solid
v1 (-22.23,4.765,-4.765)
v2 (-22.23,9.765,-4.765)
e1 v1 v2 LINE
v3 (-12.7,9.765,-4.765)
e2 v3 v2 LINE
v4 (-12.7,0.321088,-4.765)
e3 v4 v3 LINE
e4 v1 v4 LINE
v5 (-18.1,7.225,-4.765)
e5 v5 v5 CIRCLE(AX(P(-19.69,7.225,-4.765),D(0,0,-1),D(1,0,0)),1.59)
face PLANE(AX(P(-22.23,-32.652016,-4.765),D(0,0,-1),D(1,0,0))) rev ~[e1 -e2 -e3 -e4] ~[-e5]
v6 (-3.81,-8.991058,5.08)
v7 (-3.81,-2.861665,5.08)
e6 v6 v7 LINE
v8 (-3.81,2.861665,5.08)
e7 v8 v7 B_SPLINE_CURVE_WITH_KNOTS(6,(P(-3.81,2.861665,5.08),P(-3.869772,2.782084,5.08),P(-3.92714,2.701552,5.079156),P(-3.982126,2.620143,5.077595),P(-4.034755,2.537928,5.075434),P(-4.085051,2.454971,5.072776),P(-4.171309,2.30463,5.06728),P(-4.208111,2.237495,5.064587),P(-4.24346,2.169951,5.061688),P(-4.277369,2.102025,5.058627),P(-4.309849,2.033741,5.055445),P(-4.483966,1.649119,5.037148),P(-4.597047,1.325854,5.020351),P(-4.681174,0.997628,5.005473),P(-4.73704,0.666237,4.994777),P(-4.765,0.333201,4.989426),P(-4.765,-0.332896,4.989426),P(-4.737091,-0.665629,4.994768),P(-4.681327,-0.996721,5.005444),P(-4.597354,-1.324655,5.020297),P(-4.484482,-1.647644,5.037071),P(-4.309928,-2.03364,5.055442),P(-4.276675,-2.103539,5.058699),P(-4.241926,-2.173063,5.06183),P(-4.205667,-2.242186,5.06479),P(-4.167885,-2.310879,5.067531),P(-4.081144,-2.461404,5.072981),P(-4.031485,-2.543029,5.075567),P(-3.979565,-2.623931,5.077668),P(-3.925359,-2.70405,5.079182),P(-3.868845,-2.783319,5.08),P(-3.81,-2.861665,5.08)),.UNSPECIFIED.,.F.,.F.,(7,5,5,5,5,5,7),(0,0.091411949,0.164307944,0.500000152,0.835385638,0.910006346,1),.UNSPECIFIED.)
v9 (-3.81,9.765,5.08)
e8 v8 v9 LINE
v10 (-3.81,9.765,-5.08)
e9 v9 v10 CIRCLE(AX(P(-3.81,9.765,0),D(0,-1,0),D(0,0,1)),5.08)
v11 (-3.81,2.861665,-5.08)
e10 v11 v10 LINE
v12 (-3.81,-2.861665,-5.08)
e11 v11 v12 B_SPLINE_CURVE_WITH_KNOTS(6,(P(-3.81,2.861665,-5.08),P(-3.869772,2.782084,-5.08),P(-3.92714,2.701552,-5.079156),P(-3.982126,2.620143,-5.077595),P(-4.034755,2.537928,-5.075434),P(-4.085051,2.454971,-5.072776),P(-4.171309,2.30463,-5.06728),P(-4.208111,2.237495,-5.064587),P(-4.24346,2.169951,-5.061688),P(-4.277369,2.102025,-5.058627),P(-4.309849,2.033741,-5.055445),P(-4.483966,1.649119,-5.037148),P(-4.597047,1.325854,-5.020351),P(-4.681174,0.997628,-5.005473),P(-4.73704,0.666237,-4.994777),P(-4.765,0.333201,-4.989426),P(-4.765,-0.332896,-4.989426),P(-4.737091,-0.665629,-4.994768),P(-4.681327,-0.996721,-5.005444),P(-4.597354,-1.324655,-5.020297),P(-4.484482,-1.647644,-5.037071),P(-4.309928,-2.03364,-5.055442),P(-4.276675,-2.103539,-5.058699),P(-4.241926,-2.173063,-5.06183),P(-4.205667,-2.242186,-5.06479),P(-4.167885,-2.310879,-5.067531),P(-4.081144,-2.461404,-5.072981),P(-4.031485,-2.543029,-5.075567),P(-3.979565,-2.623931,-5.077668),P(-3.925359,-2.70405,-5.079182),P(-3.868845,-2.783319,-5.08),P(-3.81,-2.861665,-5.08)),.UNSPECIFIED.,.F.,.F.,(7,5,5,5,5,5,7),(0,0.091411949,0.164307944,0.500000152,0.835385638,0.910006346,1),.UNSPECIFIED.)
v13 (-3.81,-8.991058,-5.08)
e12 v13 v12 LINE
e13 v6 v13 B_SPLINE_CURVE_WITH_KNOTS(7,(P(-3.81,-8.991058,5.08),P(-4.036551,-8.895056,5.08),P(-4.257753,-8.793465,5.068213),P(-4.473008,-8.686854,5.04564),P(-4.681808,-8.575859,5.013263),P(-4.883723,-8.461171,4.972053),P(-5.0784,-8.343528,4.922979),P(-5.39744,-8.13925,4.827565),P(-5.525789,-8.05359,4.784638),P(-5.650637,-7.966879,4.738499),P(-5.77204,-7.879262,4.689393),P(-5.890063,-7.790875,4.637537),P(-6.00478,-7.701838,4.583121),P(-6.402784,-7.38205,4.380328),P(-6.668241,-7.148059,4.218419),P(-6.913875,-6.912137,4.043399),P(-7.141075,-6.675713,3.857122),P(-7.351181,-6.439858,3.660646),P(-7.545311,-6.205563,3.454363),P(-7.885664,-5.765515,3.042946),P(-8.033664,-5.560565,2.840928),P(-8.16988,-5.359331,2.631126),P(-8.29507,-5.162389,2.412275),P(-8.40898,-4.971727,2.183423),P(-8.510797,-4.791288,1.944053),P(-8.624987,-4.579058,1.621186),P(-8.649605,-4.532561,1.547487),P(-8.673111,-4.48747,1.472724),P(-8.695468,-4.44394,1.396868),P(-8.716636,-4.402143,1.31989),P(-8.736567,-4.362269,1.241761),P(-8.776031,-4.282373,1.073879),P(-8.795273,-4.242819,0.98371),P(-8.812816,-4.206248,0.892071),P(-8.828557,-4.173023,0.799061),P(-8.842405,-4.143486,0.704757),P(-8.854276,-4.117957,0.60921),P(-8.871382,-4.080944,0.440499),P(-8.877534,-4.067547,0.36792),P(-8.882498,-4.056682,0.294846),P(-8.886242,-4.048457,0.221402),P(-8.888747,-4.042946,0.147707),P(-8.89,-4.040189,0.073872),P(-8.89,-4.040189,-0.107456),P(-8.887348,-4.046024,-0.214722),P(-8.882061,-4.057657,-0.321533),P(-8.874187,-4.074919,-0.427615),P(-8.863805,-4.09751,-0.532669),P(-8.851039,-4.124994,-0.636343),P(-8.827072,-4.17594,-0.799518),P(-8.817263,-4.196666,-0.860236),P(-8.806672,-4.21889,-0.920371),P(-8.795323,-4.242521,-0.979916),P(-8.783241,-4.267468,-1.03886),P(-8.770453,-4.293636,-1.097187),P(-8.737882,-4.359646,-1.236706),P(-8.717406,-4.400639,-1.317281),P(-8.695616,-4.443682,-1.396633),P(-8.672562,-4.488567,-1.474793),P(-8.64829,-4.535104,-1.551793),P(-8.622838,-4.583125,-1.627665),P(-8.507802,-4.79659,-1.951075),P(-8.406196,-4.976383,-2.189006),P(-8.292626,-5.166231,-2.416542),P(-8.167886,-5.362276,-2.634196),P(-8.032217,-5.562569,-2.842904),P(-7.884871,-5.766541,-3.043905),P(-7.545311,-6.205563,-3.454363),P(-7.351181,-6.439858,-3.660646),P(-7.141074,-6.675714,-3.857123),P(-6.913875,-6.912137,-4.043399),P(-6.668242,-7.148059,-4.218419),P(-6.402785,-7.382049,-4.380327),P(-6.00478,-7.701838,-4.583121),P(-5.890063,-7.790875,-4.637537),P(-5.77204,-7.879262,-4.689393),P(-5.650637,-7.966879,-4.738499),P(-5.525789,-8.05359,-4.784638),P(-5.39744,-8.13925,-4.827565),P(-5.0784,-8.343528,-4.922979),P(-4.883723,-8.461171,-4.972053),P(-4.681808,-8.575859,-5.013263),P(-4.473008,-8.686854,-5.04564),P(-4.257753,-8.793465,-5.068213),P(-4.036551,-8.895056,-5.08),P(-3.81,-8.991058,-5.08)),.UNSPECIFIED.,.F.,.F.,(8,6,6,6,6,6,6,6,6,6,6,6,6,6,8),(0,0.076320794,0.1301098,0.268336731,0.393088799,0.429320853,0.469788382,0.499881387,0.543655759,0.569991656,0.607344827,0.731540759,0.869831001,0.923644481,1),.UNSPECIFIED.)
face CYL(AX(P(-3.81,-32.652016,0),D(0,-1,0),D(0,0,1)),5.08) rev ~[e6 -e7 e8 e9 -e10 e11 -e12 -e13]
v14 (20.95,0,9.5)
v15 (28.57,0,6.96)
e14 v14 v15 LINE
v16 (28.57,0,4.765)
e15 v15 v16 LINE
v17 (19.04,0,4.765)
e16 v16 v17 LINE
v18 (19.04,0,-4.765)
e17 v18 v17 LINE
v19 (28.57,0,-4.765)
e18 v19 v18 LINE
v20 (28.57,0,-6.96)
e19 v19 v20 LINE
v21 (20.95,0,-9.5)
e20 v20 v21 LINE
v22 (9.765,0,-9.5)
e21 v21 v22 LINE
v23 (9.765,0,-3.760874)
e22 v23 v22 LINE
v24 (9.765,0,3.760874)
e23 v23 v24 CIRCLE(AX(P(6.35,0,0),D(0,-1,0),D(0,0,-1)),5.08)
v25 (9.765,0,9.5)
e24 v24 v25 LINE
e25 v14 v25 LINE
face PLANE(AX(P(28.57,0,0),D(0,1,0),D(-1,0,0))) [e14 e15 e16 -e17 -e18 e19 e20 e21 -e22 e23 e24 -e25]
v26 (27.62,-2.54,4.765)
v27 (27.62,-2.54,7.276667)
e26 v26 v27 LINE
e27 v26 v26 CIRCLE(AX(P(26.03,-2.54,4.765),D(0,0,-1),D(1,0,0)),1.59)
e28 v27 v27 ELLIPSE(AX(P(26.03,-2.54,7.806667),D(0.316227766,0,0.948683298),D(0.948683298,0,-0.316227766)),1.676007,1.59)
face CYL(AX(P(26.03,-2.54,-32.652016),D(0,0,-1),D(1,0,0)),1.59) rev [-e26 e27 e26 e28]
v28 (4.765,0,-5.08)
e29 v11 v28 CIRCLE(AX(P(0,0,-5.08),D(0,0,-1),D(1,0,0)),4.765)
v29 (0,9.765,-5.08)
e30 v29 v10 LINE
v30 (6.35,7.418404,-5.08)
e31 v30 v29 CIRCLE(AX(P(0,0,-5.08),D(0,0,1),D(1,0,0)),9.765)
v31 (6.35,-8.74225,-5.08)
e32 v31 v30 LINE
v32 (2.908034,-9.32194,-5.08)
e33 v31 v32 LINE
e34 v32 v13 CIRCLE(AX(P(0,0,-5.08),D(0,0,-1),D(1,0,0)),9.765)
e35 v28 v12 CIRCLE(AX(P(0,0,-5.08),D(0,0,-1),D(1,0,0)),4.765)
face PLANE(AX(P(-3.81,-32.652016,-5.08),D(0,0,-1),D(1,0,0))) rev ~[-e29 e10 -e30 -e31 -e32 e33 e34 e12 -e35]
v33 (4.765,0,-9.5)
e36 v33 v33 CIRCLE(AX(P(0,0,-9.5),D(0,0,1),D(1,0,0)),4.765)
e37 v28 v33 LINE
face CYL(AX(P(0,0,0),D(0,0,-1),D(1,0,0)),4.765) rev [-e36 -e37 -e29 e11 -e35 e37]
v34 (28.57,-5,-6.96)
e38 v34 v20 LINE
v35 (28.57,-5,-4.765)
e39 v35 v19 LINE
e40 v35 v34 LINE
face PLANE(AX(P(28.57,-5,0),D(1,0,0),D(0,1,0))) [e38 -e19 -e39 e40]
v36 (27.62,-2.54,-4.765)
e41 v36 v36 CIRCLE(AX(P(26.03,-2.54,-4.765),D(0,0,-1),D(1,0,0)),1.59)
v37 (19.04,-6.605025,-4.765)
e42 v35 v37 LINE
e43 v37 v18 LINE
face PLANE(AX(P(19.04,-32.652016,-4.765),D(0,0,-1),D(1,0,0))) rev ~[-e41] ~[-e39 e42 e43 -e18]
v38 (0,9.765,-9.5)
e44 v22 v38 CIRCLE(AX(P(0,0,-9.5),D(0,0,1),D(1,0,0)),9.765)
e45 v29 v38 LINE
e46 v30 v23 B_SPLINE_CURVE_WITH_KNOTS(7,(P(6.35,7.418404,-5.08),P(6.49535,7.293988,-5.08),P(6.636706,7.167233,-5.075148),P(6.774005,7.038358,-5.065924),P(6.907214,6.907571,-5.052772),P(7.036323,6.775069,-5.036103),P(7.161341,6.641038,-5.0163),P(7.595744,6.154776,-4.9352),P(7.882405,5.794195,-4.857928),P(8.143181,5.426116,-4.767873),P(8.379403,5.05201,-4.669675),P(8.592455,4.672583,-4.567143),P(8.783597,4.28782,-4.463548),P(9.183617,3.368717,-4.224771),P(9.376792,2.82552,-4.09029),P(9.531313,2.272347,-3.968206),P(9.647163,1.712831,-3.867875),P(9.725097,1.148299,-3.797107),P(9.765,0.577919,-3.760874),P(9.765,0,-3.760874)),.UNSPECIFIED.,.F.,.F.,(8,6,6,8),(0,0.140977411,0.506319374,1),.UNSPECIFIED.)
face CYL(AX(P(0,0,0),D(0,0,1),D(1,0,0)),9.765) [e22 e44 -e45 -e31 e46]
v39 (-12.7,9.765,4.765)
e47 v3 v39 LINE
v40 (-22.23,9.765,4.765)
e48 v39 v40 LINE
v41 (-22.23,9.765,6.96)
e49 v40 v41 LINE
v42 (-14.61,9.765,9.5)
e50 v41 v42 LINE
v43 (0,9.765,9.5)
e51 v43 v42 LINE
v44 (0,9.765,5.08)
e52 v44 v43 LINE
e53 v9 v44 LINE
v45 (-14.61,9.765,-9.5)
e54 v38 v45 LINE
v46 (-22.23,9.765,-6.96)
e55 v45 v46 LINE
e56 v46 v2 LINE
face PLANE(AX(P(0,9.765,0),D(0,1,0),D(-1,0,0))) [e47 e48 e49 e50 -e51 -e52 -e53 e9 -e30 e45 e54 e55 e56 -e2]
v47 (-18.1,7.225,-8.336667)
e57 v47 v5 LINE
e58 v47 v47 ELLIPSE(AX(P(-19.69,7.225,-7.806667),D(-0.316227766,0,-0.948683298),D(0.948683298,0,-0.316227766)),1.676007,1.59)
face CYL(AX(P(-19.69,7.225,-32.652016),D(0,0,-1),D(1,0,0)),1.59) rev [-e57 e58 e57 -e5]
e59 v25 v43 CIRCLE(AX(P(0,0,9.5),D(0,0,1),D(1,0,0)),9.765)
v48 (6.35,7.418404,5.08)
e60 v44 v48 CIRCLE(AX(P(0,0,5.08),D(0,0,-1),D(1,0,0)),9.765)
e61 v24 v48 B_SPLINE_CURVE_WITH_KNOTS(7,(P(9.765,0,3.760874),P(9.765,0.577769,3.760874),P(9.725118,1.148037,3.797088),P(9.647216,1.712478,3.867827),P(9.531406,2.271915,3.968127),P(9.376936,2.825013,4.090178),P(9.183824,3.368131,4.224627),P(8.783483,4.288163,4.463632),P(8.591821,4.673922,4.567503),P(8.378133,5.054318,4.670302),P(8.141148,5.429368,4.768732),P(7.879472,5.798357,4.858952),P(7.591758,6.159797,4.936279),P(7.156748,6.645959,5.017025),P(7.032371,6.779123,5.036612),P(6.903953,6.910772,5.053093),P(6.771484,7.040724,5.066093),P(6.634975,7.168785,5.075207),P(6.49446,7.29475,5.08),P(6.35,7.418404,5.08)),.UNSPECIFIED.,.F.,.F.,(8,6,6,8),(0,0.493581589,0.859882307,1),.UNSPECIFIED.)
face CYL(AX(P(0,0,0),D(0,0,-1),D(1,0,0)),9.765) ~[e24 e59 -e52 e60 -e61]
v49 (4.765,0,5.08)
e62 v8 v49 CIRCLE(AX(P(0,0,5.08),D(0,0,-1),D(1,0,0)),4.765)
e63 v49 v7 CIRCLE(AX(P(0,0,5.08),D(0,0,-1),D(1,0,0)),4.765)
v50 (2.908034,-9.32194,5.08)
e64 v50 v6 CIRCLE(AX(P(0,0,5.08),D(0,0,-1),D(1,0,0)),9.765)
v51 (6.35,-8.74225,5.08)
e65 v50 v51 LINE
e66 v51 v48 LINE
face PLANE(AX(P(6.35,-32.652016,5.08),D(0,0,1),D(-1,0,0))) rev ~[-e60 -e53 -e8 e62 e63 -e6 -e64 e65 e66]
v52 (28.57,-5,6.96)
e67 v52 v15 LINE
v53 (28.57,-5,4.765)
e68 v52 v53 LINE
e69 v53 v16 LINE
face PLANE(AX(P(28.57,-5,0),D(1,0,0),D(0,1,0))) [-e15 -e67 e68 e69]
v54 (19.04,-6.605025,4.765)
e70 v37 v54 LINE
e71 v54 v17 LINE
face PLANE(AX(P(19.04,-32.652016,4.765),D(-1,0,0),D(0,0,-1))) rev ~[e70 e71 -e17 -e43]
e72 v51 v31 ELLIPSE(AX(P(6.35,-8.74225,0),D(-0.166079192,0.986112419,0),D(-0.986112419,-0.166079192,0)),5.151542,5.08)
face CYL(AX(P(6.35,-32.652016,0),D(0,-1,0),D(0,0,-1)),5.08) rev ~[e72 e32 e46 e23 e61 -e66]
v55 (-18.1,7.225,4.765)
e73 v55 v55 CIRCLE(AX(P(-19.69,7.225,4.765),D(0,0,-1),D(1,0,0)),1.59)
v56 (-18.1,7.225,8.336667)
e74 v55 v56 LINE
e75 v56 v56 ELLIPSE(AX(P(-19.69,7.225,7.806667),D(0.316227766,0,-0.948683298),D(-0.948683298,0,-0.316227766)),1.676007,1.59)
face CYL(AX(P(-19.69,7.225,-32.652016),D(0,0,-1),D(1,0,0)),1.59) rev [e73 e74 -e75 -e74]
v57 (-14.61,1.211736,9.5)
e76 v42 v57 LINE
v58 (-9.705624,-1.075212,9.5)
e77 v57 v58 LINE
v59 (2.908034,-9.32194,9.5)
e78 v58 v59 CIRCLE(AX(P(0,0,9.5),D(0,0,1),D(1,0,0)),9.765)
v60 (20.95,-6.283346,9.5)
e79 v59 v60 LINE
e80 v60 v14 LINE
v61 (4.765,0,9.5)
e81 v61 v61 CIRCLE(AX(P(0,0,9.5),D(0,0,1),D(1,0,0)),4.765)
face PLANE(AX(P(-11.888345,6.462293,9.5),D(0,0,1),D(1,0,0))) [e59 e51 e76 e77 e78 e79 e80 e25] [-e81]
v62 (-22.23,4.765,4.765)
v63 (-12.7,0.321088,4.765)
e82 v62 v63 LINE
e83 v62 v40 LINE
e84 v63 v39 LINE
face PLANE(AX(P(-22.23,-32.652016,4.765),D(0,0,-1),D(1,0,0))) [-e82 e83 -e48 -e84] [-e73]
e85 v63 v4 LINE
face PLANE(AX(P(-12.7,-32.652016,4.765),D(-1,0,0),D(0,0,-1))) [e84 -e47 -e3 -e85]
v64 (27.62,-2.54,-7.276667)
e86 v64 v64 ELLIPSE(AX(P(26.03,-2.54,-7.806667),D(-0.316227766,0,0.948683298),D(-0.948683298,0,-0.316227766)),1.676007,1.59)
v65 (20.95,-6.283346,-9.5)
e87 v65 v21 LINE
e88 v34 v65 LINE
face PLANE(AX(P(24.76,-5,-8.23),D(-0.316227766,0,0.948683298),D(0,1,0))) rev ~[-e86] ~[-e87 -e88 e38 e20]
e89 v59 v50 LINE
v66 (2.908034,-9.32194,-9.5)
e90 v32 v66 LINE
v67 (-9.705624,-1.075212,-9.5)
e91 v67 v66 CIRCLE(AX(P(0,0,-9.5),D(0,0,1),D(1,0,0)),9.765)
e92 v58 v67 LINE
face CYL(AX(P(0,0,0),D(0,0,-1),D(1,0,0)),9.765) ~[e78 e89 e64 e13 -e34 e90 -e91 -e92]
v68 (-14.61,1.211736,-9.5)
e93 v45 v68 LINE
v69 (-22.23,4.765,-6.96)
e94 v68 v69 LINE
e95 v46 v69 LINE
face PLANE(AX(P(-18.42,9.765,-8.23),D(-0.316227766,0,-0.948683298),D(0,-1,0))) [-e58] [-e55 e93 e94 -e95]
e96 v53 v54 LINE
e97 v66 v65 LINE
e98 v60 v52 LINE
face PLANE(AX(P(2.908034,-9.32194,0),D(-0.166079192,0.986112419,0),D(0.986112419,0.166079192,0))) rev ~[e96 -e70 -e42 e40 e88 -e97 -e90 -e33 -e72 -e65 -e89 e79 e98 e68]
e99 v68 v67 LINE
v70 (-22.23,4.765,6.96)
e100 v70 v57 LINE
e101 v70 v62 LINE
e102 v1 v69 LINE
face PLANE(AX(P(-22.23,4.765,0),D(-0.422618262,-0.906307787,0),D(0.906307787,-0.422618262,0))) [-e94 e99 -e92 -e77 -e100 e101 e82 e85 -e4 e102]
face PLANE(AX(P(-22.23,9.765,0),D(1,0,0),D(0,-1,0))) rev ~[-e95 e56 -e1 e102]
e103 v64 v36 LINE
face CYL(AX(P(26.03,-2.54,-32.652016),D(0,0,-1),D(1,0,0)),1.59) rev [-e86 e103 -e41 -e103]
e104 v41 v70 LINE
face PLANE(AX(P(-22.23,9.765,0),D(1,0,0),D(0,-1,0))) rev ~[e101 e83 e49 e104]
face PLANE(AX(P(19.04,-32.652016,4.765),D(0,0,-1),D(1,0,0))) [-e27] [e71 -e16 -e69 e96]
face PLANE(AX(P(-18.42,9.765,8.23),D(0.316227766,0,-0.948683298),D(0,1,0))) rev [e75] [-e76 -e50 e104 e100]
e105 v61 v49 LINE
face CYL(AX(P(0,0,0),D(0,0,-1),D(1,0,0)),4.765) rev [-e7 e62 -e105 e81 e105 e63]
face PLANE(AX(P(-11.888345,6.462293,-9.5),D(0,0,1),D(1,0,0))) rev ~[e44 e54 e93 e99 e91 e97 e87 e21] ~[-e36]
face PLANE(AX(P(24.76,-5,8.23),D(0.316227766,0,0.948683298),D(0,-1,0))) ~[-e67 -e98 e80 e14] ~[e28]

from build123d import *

# Parameters (mm, degrees)
SKETCH1_R               = 9.765
SKETCH1_R_2             = 4.765
BOSS_EXTRUDE1_DEPTH     = 9.5
CHAMFER1_SIZE           = 2.54
CHAMFER1_SIZE2          = 7.62
CHAMFER2_SIZE           = 7.62
CHAMFER2_SIZE2          = 2.54
CHAMFER3_SIZE           = 7.62
CHAMFER3_SIZE2          = 2.54
CHAMFER4_SIZE           = 2.54
CHAMFER4_SIZE2          = 7.62
CUT_EXTRUDE1_DEPTH      = 32.652016129
CUT_EXTRUDE1_DEPTH_BACK = 32.652016129
CUT_EXTRUDE2_DEPTH      = 32.652016189
CUT_EXTRUDE2_DEPTH_BACK = 32.652016189
SKETCH4_W               = 9.53
SKETCH4_H               = 9.53
CUT_EXTRUDE3_DEPTH      = 32.652016189
CUT_EXTRUDE3_DEPTH_BACK = 32.652016189
SKETCH5_R               = 1.59


with BuildPart() as part:
    # Sketch1 → Boss-Extrude1 (new, symmetric)
    # profile 1 of 3: a face of its own
    with BuildSketch(Plane.XY):
        with BuildLine():
            ThreePointArc((-9.705624325, -1.075212291), (-7.275117629, 6.513669357), (0, 9.765))
            Line((0, 9.765), (-22.23, 9.765))
            Line((-22.23, 9.765), (-22.23, 4.765))
            Line((-22.23, 4.765), (-9.705624325, -1.075212291))
        make_face()
    # profile 2 of 3: a face of its own
    with BuildSketch(Plane.XY):
        Circle(SKETCH1_R)
        Circle(SKETCH1_R_2, mode=Mode.SUBTRACT)
    # profile 3 of 3: a face of its own
    with BuildSketch(Plane.XY):
        with BuildLine():
            Line((28.57, 0), (9.765, 0))
            ThreePointArc((9.765, 0), (7.866135596, -5.786115777), (2.908034147, -9.321939841))
            Line((2.908034147, -9.321939841), (28.57, -5))
            Line((28.57, -5), (28.57, 0))
        make_face()
    extrude(amount=BOSS_EXTRUDE1_DEPTH, both=True)

    # Chamfer1
    chamfer1_edges = [part.edges().sort_by_distance(p)[0] for p in [
        (-22.23, 7.265, 9.5),
    ]]
    chamfer1_side = [part.faces().sort_by_distance(p)[0] for p in [
        (-22.23, 7.265, 0),
    ]]
    chamfer(chamfer1_edges, length=CHAMFER1_SIZE, length2=CHAMFER1_SIZE2, reference=chamfer1_side[0])

    # Chamfer2
    chamfer2_edges = [part.edges().sort_by_distance(p)[0] for p in [
        (-22.23, 7.265, -9.5),
    ]]
    chamfer2_side = [part.faces().sort_by_distance(p)[0] for p in [
        (-11.115, 9.220751812, -9.5),
    ]]
    chamfer(chamfer2_edges, length=CHAMFER2_SIZE, length2=CHAMFER2_SIZE2, reference=chamfer2_side[0])

    # Chamfer3
    chamfer3_edges = [part.edges().sort_by_distance(p)[0] for p in [
        (28.57, -2.5, 9.5),
    ]]
    chamfer3_side = [part.faces().sort_by_distance(p)[0] for p in [
        (-7.305, 9.291087213, 9.5),
    ]]
    chamfer(chamfer3_edges, length=CHAMFER3_SIZE, length2=CHAMFER3_SIZE2, reference=chamfer3_side[0])

    # Chamfer4
    chamfer4_edges = [part.edges().sort_by_distance(p)[0] for p in [
        (28.57, -2.5, -9.5),
    ]]
    chamfer4_side = [part.faces().sort_by_distance(p)[0] for p in [
        (28.57, -2.5, -1.27),
    ]]
    chamfer(chamfer4_edges, length=CHAMFER4_SIZE, length2=CHAMFER4_SIZE2, reference=chamfer4_side[0])

    # Sketch3 → Cut-Extrude1 (cut, two sides: drawn at the far end of the back side and taken through both)
    with BuildSketch(Plane(origin=(0, 0, 0), x_dir=(1, 0, 0), z_dir=(0, 1, 0)).offset(-CUT_EXTRUDE1_DEPTH_BACK)):
        with BuildLine():
            Line((-3.81, 5.08), (6.35, 5.08))
            ThreePointArc((6.35, 5.08), (11.43, 0), (6.35, -5.08))
            Line((6.35, -5.08), (-3.81, -5.08))
            ThreePointArc((-3.81, -5.08), (-8.89, 0), (-3.81, 5.08))
        make_face()
    extrude(amount=CUT_EXTRUDE1_DEPTH + CUT_EXTRUDE1_DEPTH_BACK, mode=Mode.SUBTRACT)

    # Sketch4 → Cut-Extrude2 (cut, two sides: drawn at the far end of the back side and taken through both)
    with BuildSketch(Plane(origin=(0, 0, 0), x_dir=(1, 0, 0), z_dir=(0, 1, 0)).offset(-CUT_EXTRUDE2_DEPTH_BACK)):
        with Locations((-17.465, 0)):
            Rectangle(SKETCH4_W, SKETCH4_H)
        with Locations((23.805, 0)):
            Rectangle(SKETCH4_W, SKETCH4_H)
    extrude(amount=CUT_EXTRUDE2_DEPTH + CUT_EXTRUDE2_DEPTH_BACK, mode=Mode.SUBTRACT)

    # Sketch5 → Cut-Extrude3 (cut, two sides: drawn at the far end of the back side and taken through both)
    with BuildSketch(Plane.XY.offset(-CUT_EXTRUDE3_DEPTH_BACK)):
        with Locations((26.03, -2.54)):
            Circle(SKETCH5_R)
        with Locations((-19.69, 7.225)):
            Circle(SKETCH5_R)
    extrude(amount=CUT_EXTRUDE3_DEPTH + CUT_EXTRUDE3_DEPTH_BACK, mode=Mode.SUBTRACT)


solid = part.part
